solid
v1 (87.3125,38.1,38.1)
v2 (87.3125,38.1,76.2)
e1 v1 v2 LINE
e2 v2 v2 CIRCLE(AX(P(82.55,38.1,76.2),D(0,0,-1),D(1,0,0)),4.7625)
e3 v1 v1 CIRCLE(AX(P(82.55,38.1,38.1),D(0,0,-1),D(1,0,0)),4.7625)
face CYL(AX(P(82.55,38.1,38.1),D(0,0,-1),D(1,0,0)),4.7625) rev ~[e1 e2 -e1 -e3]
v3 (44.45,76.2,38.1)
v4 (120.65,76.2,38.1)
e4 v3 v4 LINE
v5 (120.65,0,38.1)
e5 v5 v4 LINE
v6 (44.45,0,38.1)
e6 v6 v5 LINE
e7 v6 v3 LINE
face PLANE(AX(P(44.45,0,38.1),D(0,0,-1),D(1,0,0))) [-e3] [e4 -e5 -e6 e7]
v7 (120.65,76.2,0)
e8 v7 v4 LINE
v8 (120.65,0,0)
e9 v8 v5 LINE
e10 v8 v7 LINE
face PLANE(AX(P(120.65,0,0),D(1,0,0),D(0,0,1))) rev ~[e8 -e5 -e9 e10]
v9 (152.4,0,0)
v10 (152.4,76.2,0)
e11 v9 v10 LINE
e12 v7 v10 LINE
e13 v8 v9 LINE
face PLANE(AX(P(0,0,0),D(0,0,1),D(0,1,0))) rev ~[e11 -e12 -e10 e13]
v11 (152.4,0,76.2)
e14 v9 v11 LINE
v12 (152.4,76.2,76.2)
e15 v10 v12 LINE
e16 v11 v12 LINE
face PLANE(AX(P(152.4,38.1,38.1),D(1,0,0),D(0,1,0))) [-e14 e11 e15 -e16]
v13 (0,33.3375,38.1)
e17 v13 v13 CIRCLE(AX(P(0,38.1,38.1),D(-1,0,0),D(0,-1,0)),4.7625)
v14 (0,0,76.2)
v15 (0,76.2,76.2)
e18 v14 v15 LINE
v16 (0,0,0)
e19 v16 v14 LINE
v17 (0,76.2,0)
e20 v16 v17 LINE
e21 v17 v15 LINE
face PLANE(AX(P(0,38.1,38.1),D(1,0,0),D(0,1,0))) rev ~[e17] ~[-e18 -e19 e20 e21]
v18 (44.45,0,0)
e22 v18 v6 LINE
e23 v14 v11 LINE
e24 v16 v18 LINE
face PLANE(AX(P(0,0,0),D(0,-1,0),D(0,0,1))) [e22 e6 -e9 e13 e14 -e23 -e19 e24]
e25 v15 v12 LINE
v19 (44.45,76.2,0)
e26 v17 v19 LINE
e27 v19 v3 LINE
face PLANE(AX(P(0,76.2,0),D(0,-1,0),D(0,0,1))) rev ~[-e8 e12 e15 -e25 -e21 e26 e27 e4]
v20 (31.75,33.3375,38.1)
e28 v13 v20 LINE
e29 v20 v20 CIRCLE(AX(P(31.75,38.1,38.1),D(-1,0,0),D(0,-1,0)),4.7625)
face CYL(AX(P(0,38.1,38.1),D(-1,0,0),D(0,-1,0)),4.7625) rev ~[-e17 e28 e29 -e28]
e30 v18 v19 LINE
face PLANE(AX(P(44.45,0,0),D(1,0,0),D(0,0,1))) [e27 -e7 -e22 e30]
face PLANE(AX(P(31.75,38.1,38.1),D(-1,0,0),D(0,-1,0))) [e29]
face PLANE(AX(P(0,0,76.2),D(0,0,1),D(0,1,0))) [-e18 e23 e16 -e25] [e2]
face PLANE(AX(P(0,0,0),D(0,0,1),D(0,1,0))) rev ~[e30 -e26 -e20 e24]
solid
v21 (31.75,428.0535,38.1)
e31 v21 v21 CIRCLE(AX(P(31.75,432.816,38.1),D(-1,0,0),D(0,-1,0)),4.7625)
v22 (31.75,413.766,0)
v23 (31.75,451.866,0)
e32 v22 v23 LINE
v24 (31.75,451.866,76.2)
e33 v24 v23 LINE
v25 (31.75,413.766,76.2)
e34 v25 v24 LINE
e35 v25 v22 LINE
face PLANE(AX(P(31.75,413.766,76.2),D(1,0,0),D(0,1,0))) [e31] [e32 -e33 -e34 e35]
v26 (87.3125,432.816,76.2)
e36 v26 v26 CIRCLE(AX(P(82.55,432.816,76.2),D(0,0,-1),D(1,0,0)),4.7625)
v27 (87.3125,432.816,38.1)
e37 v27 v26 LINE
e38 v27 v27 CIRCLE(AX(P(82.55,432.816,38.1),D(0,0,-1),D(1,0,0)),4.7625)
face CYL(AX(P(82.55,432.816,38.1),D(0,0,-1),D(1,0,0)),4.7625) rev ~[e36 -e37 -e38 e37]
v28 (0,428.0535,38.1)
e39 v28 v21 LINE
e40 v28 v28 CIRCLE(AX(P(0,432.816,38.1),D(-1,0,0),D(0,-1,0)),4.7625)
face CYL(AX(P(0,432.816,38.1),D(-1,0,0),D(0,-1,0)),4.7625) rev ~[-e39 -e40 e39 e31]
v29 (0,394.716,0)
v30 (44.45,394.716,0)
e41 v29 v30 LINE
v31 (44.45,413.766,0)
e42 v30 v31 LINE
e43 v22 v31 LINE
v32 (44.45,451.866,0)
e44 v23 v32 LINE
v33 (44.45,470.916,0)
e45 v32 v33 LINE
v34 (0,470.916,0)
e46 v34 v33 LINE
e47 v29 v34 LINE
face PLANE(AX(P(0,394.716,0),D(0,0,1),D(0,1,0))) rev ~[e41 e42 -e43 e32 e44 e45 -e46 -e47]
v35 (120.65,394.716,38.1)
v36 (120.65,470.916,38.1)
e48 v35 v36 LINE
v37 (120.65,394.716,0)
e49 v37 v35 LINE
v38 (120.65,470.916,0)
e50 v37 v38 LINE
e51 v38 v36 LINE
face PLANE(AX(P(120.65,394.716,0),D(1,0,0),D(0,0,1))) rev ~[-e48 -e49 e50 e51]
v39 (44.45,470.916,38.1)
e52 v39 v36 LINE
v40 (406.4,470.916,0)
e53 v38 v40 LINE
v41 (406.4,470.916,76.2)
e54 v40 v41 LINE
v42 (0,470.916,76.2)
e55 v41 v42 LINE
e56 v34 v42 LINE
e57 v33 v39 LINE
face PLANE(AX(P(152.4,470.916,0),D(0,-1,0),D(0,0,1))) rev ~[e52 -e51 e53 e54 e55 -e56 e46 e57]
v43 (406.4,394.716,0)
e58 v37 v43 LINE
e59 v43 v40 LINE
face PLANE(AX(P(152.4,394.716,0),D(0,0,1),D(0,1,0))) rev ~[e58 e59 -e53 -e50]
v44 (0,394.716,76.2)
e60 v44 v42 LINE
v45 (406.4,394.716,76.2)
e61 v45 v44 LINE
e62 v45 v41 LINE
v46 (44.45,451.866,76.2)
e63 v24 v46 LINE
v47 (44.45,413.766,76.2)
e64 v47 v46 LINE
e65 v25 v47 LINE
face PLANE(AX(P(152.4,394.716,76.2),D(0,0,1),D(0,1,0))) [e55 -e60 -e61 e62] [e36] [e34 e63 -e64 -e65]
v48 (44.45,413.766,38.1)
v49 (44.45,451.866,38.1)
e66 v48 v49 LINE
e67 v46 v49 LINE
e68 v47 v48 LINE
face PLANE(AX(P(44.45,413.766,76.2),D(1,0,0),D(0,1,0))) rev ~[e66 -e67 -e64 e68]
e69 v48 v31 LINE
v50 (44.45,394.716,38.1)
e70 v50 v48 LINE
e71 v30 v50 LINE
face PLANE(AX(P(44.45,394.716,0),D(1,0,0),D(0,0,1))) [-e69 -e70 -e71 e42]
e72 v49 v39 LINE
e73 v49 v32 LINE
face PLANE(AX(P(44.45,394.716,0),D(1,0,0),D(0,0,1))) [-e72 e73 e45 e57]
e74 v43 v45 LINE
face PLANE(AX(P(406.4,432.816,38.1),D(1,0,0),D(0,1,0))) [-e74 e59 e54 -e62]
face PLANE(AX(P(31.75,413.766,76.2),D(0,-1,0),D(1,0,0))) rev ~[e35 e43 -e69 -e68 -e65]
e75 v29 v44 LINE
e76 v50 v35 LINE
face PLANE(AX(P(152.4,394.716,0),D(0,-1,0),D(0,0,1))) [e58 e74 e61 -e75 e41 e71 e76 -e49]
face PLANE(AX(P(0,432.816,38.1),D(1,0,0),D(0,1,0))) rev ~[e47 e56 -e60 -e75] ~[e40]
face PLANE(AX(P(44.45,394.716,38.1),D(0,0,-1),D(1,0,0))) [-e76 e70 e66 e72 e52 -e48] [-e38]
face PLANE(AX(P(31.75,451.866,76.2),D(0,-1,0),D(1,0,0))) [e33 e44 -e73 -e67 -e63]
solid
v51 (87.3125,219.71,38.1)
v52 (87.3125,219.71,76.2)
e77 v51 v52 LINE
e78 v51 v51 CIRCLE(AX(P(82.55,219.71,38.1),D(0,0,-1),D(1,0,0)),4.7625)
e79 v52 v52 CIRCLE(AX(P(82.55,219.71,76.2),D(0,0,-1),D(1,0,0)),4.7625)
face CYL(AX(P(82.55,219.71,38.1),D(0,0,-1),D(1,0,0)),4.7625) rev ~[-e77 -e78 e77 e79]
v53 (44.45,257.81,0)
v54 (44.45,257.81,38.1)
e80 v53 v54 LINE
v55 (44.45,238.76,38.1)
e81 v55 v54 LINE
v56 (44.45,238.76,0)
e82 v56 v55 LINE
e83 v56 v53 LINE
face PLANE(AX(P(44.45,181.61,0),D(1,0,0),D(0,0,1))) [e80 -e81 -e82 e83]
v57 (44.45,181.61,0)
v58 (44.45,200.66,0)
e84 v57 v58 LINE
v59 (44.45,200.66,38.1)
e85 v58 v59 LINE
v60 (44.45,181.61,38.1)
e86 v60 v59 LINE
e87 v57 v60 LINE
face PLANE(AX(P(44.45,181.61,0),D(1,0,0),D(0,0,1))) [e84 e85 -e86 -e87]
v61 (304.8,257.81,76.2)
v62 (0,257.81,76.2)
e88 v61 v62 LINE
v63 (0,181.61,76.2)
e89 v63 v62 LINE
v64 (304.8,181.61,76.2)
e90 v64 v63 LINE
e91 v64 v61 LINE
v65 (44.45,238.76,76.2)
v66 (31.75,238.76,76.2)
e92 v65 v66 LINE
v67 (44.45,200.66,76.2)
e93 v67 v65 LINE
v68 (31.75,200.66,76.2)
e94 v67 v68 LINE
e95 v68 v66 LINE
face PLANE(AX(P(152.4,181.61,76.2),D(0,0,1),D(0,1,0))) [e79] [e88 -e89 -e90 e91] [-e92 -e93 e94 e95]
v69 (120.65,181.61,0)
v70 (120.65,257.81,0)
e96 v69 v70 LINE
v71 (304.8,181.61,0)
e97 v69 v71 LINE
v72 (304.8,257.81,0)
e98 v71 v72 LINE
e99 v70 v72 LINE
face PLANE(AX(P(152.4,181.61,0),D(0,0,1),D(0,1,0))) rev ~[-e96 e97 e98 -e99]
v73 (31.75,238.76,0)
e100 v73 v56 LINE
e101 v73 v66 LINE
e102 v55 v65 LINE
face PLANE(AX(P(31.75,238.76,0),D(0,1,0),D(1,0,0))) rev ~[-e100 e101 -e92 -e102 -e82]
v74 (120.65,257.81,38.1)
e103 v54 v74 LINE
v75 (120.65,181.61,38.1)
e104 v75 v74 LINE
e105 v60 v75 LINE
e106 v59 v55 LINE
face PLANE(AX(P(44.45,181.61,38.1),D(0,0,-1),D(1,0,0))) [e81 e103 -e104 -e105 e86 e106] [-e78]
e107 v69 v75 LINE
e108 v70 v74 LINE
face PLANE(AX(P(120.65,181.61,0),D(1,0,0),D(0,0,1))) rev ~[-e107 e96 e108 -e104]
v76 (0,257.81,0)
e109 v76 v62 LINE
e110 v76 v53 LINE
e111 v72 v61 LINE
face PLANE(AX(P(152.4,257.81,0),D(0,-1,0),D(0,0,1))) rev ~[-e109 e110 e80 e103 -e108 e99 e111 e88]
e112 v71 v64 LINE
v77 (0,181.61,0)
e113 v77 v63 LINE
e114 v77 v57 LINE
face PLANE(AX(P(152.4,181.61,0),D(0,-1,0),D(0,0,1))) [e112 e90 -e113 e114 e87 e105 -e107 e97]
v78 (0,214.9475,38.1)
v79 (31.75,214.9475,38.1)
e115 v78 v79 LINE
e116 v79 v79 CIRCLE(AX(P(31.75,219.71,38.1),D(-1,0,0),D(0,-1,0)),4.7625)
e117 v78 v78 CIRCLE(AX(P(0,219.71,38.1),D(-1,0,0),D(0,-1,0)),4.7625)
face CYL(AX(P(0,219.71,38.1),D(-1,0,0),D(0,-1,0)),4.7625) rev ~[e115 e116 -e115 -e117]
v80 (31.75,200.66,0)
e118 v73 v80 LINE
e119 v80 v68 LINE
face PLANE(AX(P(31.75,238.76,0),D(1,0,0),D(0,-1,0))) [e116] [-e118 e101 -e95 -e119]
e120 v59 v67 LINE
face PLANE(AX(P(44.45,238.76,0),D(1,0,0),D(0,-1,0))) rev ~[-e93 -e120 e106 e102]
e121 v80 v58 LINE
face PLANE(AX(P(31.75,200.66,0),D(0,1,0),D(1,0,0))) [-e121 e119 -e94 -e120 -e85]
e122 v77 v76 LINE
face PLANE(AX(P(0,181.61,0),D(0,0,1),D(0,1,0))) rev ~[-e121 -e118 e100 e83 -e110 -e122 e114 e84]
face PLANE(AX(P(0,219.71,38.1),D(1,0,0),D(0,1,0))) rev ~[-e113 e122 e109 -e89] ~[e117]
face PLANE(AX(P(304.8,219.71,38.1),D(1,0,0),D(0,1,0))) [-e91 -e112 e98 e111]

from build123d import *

# Parameters (mm, degrees)
F0_W      = 76.2
F0_H      = 76.2
F1_DEPTH  = 152.4
F2_W      = 76.2
F2_H      = 38.1
F3_DEPTH  = 76.2
F4_R      = 4.7625
F5_DEPTH  = 31.75
F6_R      = 4.7625
F7_DEPTH  = 38.101
F9_DEPTH  = 152.4
F10_W     = 12.7
F10_H     = 38.1
F11_DEPTH = 76.201
F13_DEPTH = 254
F14_W     = 12.7
F14_H     = 38.1
F15_DEPTH = 76.201


with BuildPart() as f1:
    # F0 (on Right) → F1 (new body)
    with BuildSketch(Plane.YZ):
        with Locations((38.1, 38.1)):
            Rectangle(F0_W, F0_H)
    extrude(amount=F1_DEPTH)

    # F2 (on face) → F3 (cut)
    with BuildSketch(Plane.XZ):
        with Locations((82.55, 19.05)):
            Rectangle(F2_W, F2_H)
    extrude(amount=-F3_DEPTH, mode=Mode.SUBTRACT)

    # F4 (on face) → F5 (cut)
    with BuildSketch(Plane(origin=(0, 0, 0), x_dir=(0, -1, 0), z_dir=(-1, 0, 0))):
        with Locations((-38.1, 38.1)):
            Circle(F4_R)
    extrude(amount=-F5_DEPTH, mode=Mode.SUBTRACT)

    # F6 (on face) → F7 (cut, through all)
    with BuildSketch(Plane(origin=(0, 0, 38.1), x_dir=(1, 0, 0), z_dir=(0, 0, -1))):
        with Locations((82.55, -38.1)):
            Circle(F6_R)
    extrude(amount=-F7_DEPTH, mode=Mode.SUBTRACT)


with BuildPart() as f8_1:
    # F8: copy of F1
    add(f1.part.moved(Location((0, 181.61, 0))))

    # F9 (add): a face of the model
    f9_faces = [f8_1.faces().sort_by_distance(p)[0] for p in [
        (152.4, 219.71, 38.1),
    ]]
    extrude(f9_faces, amount=F9_DEPTH)

    # F10 (on face) → F11 (cut, through all)
    with BuildSketch(Plane(origin=(0, 0, 0), x_dir=(1, 0, 0), z_dir=(0, 0, -1))):
        with Locations((38.1, -219.71)):
            Rectangle(F10_W, F10_H)
    extrude(amount=-F11_DEPTH, mode=Mode.SUBTRACT)


with BuildPart() as f12_1:
    # F12: copy of F1
    add(f1.part.moved(Location((0, 394.716, 0))))

    # F13 (add): a face of the model
    f13_faces = [f12_1.faces().sort_by_distance(p)[0] for p in [
        (152.4, 432.816, 38.1),
    ]]
    extrude(f13_faces, amount=F13_DEPTH)

    # F14 (on face) → F15 (cut, through all)
    with BuildSketch(Plane.XY.offset(76.2)):
        with Locations((38.1, 432.816)):
            Rectangle(F14_W, F14_H)
    extrude(amount=-F15_DEPTH, mode=Mode.SUBTRACT)


solid = Compound([f1.part, f8_1.part, f12_1.part])
